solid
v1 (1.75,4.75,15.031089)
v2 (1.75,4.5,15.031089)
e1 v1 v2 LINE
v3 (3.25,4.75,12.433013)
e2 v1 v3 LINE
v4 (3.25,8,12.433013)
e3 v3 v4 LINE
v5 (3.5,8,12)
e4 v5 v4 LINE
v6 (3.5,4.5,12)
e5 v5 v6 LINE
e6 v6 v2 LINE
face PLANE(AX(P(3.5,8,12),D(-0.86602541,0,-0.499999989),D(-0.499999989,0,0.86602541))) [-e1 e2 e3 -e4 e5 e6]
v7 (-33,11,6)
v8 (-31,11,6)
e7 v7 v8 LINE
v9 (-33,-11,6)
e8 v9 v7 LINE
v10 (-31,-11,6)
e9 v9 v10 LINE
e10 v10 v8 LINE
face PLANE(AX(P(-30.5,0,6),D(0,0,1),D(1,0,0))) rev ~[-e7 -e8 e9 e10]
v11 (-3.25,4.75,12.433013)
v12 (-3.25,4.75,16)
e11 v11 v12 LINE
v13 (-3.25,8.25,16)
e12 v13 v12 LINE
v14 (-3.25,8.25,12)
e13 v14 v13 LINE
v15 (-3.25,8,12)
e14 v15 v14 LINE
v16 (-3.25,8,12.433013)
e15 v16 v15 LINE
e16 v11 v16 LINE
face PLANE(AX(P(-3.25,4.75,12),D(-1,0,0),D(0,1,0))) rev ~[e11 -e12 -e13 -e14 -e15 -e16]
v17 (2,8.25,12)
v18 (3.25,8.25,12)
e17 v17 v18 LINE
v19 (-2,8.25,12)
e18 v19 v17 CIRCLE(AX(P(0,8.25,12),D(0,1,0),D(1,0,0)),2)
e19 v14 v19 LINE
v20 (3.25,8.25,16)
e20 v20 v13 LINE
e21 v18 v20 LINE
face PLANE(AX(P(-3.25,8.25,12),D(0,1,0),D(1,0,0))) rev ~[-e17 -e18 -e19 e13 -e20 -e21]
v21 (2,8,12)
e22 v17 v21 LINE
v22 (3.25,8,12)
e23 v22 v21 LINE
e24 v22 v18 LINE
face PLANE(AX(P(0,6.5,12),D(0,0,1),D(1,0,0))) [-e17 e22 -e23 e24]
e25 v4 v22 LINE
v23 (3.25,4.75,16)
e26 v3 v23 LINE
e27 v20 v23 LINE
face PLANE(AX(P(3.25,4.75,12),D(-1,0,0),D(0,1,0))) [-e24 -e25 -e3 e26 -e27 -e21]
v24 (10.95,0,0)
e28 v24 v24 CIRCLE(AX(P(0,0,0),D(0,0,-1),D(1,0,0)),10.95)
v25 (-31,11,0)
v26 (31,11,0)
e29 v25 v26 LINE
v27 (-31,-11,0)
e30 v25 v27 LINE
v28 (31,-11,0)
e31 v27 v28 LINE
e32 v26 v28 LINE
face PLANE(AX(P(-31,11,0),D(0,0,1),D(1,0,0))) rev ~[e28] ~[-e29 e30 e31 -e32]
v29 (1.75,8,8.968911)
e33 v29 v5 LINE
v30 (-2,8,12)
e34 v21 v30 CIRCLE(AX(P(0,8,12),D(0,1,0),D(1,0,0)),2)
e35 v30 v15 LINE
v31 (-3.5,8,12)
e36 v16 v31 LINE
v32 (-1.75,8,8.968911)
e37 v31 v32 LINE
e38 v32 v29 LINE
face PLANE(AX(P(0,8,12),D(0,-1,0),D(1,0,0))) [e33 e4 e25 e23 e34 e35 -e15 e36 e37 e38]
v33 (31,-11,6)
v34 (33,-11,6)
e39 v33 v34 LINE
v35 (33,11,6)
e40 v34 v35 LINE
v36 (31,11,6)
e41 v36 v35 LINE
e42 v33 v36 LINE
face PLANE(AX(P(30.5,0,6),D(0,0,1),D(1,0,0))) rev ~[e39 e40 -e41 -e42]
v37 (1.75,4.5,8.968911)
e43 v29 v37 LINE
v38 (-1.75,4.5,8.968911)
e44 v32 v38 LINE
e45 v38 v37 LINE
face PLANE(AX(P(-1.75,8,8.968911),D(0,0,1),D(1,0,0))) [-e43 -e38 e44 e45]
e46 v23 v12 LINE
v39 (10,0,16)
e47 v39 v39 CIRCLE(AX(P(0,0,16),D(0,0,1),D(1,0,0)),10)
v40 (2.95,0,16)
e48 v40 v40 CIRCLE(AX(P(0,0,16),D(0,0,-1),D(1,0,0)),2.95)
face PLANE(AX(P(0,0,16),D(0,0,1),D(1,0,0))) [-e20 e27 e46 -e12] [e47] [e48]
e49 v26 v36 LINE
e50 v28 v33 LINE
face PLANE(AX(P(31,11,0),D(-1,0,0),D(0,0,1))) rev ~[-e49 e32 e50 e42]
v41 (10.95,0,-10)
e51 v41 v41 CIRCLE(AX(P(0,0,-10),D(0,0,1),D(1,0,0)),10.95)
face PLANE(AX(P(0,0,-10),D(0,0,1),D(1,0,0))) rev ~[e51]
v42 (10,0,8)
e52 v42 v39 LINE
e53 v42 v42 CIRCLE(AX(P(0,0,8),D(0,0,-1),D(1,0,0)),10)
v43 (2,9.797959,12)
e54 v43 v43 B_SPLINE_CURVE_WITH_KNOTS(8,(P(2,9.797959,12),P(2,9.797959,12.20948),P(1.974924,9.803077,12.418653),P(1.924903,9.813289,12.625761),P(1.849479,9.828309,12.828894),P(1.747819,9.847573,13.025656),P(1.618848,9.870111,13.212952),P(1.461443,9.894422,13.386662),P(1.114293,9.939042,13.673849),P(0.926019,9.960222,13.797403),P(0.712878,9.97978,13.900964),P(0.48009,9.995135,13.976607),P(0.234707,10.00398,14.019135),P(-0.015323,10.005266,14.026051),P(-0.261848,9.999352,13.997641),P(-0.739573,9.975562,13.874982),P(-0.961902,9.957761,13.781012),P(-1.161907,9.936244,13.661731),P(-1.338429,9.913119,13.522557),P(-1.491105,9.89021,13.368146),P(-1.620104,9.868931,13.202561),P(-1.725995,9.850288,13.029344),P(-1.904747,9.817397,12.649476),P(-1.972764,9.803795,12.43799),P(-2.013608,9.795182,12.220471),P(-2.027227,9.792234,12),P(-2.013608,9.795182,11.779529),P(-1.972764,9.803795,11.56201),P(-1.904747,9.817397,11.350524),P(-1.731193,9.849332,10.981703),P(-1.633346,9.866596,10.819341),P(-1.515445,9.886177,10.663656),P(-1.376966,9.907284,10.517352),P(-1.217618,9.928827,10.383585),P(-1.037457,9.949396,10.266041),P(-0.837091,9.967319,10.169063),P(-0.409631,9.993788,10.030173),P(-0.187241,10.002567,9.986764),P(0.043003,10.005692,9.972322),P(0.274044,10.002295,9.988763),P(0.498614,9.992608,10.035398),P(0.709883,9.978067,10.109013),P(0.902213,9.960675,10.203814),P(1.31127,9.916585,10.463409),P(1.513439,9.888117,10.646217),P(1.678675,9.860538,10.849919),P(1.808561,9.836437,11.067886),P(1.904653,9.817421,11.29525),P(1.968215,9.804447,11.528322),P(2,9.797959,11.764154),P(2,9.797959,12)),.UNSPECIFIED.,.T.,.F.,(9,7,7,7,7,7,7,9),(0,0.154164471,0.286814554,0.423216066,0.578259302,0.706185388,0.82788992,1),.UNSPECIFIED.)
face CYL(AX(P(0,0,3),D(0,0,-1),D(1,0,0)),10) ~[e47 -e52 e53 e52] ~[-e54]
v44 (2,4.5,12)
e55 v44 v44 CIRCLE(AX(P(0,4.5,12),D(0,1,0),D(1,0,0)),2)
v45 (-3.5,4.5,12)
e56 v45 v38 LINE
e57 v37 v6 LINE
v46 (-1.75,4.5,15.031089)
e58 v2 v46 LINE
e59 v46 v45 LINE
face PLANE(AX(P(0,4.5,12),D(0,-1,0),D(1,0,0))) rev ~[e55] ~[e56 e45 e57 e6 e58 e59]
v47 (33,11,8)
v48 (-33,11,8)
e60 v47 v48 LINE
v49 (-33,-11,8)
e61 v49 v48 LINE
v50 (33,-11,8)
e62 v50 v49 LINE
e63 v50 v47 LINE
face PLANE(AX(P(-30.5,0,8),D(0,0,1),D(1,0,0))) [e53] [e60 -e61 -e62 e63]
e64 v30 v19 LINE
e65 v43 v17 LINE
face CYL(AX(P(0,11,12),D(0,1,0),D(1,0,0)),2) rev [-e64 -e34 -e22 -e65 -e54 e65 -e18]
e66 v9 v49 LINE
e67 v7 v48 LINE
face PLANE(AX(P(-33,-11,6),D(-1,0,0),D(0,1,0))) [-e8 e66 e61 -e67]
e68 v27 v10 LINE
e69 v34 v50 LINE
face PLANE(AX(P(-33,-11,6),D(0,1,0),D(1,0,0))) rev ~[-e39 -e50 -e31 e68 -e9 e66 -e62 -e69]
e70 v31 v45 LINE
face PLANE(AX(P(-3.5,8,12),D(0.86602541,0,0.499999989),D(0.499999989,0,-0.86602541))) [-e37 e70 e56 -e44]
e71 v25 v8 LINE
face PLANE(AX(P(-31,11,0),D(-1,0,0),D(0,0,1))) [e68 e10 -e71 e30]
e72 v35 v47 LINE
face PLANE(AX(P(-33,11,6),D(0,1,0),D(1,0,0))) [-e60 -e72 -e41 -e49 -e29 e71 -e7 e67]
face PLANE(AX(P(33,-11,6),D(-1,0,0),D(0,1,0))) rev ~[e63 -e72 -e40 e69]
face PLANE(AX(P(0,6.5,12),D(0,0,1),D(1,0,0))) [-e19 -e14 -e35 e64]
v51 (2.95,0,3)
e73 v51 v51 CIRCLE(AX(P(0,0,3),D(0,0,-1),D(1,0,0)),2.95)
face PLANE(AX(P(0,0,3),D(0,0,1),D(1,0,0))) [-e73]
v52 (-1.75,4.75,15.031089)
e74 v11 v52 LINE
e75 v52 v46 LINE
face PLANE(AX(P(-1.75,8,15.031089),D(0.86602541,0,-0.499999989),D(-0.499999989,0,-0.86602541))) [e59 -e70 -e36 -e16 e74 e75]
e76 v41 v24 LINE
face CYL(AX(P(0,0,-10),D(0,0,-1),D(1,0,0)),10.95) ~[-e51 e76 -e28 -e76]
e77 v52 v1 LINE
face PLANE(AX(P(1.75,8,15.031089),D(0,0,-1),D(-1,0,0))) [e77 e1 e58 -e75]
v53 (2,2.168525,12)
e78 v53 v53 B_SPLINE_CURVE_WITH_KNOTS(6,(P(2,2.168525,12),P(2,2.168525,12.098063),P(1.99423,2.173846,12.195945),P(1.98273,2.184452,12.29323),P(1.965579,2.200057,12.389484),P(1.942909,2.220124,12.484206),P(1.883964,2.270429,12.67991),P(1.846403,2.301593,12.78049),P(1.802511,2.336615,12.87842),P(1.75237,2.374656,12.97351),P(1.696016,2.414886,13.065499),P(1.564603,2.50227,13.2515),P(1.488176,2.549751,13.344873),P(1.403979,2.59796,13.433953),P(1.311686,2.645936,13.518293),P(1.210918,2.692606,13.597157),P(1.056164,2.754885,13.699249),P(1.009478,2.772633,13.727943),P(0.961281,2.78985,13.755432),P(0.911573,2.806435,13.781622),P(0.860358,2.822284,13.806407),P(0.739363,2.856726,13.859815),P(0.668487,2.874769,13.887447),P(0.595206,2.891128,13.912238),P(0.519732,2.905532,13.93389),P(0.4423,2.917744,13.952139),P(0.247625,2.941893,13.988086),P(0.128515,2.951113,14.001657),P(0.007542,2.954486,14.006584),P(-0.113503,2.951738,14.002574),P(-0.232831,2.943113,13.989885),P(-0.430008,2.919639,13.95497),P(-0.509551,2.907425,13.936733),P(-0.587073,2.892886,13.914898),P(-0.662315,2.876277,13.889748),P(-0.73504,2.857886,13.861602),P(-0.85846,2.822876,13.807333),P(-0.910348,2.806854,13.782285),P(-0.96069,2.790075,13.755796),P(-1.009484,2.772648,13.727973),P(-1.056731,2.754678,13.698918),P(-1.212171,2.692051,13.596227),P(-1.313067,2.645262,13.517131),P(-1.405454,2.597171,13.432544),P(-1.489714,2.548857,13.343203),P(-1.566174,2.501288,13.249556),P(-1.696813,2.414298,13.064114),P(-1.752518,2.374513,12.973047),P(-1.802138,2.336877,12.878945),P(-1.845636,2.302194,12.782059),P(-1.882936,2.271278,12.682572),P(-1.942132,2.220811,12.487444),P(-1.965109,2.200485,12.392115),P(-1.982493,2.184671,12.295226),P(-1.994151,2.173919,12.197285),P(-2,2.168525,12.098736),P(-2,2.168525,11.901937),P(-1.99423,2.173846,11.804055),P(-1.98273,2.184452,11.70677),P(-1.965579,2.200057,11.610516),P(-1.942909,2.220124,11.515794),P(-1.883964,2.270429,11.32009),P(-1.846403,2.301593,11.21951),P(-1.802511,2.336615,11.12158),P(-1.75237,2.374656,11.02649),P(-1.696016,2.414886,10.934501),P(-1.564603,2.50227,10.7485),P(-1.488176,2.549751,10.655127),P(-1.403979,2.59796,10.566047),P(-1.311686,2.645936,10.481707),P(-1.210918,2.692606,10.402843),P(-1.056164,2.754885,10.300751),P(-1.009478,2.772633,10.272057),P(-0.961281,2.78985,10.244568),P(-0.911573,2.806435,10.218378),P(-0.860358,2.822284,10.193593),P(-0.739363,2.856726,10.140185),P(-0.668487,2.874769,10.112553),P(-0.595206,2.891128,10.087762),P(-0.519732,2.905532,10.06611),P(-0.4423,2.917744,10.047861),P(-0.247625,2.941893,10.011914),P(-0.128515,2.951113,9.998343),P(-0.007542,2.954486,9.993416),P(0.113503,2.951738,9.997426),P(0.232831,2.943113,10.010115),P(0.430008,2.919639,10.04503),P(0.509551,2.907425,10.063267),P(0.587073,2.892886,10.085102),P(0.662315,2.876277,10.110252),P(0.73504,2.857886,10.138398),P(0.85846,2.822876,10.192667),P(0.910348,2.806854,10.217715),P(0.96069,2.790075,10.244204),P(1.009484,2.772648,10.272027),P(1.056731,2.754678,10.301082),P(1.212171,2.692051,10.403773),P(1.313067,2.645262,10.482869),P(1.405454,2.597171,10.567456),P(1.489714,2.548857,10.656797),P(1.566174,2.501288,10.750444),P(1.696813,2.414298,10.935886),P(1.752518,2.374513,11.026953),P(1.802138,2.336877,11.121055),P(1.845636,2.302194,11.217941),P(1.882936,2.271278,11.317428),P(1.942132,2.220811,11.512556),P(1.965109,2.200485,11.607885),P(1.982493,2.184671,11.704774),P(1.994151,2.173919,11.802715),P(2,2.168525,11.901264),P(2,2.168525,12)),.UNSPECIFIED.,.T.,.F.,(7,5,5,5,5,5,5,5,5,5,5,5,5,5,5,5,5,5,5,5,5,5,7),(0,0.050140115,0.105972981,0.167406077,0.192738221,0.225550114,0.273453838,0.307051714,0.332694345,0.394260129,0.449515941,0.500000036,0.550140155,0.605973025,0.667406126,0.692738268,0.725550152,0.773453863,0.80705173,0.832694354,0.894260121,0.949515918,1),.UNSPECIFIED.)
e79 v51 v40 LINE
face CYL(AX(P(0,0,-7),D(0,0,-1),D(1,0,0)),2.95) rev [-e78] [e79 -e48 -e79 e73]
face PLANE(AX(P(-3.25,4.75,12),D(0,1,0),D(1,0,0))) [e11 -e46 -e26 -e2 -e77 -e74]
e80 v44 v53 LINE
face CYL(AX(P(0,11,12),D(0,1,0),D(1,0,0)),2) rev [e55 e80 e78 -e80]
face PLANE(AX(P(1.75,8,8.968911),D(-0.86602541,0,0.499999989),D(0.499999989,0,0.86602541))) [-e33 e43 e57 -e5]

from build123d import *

# Parameters (mm, degrees)
BOX003_W          = 5
BOX003_H          = 22
BOX003_DEPTH      = 2
BOX_W             = 5
BOX_H             = 22
BOX_DEPTH         = 2
CYLINDER006_R     = 2.95
CYLINDER006_DEPTH = 25
CYLINDER007_R     = 2.85
CYLINDER007_DEPTH = 25
BOX002_W          = 62
BOX002_H          = 8
BOX002_DEPTH      = 22
CYLINDER010_R     = 2
CYLINDER010_DEPTH = 10
BOX004_W          = 6.5
BOX004_H          = 3.5
BOX004_DEPTH      = 6.5
PRISM002_DEPTH    = 3.5
CYLINDER009_R     = 2.85
CYLINDER009_DEPTH = 25
CYLINDER008_R     = 10
CYLINDER008_DEPTH = 13
CYLINDER011_R     = 10.95
CYLINDER011_DEPTH = 13


with BuildPart() as cubo003:
    # Box003 → Box003 (new body)
    with BuildSketch(Plane(origin=(28, -11, 6), x_dir=(1, 0, 0), z_dir=(0, 0, 1))):
        with Locations((2.5, 11)):
            Rectangle(BOX003_W, BOX003_H)
    extrude(amount=BOX003_DEPTH)


with BuildPart() as cubo:
    # Box → Box (new body)
    with BuildSketch(Plane(origin=(-33, -11, 6), x_dir=(1, 0, 0), z_dir=(0, 0, 1))):
        with Locations((2.5, 11)):
            Rectangle(BOX_W, BOX_H)
    extrude(amount=BOX_DEPTH)


with BuildPart() as cilindro006:
    # Cylinder006 → Cylinder006 (new body)
    with BuildSketch(Plane.XY.offset(-7)):
        Circle(CYLINDER006_R)
    extrude(amount=CYLINDER006_DEPTH)


with BuildPart() as cilindro007:
    # Cylinder007 → Cylinder007 (new body)
    with BuildSketch(Plane.XY.offset(-7)):
        Circle(CYLINDER007_R)
    extrude(amount=CYLINDER007_DEPTH)


with BuildPart() as cut:
    # Box002 → Box002 (new body)
    with BuildSketch(Plane(origin=(-31, 11, 0), x_dir=(1, 0, 0), z_dir=(0, -1, 0))):
        with Locations((31, 4)):
            Rectangle(BOX002_W, BOX002_H)
    extrude(amount=BOX002_DEPTH)

    # Cut: cut Cilindro007
    add(cilindro007.part, mode=Mode.SUBTRACT)


with BuildPart() as cilindro010:
    # Cylinder010 → Cylinder010 (new body)
    with BuildSketch(Plane(origin=(0, 11, 9), x_dir=(1, 0, 0), z_dir=(0, -1, 0))):
        Circle(CYLINDER010_R)
    extrude(amount=CYLINDER010_DEPTH)


with BuildPart() as cubo004:
    # Box004 → Box004 (new body)
    with BuildSketch(Plane(origin=(-3.25, 4.75, 9), x_dir=(1, 0, 0), z_dir=(0, 0, 1))):
        with Locations((3.25, 1.75)):
            Rectangle(BOX004_W, BOX004_H)
    extrude(amount=BOX004_DEPTH)


with BuildPart() as prisma002:
    # Prism002 → Prism002 (new body)
    with BuildSketch(Plane(origin=(0, 8, 9), x_dir=(1, 0, 0), z_dir=(0, -1, 0))):
        Polygon((3.5, 0), (1.75, 3.031089), (-1.75, 3.031089), (-3.5, 0), (-1.75, -3.031089), (1.75, -3.031089), align=None)
    extrude(amount=PRISM002_DEPTH)


with BuildPart() as cilindro009:
    # Cylinder009 → Cylinder009 (new body)
    with BuildSketch(Plane.XY.offset(-7)):
        Circle(CYLINDER009_R)
    extrude(amount=CYLINDER009_DEPTH)


with BuildPart() as fusion004:
    # Cylinder008 → Cylinder008 (new body)
    with BuildSketch(Plane.XY):
        Circle(CYLINDER008_R)
    extrude(amount=CYLINDER008_DEPTH)

    # Cut007: cut Cilindro009
    add(cilindro009.part, mode=Mode.SUBTRACT)

    # Cut008: cut Prisma002
    add(prisma002.part, mode=Mode.SUBTRACT)

    # Cut009: cut Cubo004
    add(cubo004.part, mode=Mode.SUBTRACT)

    # Cut010: cut Cilindro010
    add(cilindro010.part, mode=Mode.SUBTRACT)


with BuildPart() as fusion004_1:
    # Cut010 placement: moved
    add(fusion004.part.moved(Location((0, 0, 3))))

    # Fusion002: union Cut
    add(cut.part)

    # Cut011: cut Cilindro006
    add(cilindro006.part, mode=Mode.SUBTRACT)

    # Fusion003: union Cubo
    add(cubo.part)

    # Fusion004: union Cubo003
    add(cubo003.part)


with BuildPart() as fusion004003:
    # Cylinder011 → Cylinder011 (new body)
    with BuildSketch(Plane.XY.offset(-10)):
        Circle(CYLINDER011_R)
    extrude(amount=CYLINDER011_DEPTH)

    # Fusion004003: union Fusion004
    add(fusion004_1.part)


solid = fusion004003.part
